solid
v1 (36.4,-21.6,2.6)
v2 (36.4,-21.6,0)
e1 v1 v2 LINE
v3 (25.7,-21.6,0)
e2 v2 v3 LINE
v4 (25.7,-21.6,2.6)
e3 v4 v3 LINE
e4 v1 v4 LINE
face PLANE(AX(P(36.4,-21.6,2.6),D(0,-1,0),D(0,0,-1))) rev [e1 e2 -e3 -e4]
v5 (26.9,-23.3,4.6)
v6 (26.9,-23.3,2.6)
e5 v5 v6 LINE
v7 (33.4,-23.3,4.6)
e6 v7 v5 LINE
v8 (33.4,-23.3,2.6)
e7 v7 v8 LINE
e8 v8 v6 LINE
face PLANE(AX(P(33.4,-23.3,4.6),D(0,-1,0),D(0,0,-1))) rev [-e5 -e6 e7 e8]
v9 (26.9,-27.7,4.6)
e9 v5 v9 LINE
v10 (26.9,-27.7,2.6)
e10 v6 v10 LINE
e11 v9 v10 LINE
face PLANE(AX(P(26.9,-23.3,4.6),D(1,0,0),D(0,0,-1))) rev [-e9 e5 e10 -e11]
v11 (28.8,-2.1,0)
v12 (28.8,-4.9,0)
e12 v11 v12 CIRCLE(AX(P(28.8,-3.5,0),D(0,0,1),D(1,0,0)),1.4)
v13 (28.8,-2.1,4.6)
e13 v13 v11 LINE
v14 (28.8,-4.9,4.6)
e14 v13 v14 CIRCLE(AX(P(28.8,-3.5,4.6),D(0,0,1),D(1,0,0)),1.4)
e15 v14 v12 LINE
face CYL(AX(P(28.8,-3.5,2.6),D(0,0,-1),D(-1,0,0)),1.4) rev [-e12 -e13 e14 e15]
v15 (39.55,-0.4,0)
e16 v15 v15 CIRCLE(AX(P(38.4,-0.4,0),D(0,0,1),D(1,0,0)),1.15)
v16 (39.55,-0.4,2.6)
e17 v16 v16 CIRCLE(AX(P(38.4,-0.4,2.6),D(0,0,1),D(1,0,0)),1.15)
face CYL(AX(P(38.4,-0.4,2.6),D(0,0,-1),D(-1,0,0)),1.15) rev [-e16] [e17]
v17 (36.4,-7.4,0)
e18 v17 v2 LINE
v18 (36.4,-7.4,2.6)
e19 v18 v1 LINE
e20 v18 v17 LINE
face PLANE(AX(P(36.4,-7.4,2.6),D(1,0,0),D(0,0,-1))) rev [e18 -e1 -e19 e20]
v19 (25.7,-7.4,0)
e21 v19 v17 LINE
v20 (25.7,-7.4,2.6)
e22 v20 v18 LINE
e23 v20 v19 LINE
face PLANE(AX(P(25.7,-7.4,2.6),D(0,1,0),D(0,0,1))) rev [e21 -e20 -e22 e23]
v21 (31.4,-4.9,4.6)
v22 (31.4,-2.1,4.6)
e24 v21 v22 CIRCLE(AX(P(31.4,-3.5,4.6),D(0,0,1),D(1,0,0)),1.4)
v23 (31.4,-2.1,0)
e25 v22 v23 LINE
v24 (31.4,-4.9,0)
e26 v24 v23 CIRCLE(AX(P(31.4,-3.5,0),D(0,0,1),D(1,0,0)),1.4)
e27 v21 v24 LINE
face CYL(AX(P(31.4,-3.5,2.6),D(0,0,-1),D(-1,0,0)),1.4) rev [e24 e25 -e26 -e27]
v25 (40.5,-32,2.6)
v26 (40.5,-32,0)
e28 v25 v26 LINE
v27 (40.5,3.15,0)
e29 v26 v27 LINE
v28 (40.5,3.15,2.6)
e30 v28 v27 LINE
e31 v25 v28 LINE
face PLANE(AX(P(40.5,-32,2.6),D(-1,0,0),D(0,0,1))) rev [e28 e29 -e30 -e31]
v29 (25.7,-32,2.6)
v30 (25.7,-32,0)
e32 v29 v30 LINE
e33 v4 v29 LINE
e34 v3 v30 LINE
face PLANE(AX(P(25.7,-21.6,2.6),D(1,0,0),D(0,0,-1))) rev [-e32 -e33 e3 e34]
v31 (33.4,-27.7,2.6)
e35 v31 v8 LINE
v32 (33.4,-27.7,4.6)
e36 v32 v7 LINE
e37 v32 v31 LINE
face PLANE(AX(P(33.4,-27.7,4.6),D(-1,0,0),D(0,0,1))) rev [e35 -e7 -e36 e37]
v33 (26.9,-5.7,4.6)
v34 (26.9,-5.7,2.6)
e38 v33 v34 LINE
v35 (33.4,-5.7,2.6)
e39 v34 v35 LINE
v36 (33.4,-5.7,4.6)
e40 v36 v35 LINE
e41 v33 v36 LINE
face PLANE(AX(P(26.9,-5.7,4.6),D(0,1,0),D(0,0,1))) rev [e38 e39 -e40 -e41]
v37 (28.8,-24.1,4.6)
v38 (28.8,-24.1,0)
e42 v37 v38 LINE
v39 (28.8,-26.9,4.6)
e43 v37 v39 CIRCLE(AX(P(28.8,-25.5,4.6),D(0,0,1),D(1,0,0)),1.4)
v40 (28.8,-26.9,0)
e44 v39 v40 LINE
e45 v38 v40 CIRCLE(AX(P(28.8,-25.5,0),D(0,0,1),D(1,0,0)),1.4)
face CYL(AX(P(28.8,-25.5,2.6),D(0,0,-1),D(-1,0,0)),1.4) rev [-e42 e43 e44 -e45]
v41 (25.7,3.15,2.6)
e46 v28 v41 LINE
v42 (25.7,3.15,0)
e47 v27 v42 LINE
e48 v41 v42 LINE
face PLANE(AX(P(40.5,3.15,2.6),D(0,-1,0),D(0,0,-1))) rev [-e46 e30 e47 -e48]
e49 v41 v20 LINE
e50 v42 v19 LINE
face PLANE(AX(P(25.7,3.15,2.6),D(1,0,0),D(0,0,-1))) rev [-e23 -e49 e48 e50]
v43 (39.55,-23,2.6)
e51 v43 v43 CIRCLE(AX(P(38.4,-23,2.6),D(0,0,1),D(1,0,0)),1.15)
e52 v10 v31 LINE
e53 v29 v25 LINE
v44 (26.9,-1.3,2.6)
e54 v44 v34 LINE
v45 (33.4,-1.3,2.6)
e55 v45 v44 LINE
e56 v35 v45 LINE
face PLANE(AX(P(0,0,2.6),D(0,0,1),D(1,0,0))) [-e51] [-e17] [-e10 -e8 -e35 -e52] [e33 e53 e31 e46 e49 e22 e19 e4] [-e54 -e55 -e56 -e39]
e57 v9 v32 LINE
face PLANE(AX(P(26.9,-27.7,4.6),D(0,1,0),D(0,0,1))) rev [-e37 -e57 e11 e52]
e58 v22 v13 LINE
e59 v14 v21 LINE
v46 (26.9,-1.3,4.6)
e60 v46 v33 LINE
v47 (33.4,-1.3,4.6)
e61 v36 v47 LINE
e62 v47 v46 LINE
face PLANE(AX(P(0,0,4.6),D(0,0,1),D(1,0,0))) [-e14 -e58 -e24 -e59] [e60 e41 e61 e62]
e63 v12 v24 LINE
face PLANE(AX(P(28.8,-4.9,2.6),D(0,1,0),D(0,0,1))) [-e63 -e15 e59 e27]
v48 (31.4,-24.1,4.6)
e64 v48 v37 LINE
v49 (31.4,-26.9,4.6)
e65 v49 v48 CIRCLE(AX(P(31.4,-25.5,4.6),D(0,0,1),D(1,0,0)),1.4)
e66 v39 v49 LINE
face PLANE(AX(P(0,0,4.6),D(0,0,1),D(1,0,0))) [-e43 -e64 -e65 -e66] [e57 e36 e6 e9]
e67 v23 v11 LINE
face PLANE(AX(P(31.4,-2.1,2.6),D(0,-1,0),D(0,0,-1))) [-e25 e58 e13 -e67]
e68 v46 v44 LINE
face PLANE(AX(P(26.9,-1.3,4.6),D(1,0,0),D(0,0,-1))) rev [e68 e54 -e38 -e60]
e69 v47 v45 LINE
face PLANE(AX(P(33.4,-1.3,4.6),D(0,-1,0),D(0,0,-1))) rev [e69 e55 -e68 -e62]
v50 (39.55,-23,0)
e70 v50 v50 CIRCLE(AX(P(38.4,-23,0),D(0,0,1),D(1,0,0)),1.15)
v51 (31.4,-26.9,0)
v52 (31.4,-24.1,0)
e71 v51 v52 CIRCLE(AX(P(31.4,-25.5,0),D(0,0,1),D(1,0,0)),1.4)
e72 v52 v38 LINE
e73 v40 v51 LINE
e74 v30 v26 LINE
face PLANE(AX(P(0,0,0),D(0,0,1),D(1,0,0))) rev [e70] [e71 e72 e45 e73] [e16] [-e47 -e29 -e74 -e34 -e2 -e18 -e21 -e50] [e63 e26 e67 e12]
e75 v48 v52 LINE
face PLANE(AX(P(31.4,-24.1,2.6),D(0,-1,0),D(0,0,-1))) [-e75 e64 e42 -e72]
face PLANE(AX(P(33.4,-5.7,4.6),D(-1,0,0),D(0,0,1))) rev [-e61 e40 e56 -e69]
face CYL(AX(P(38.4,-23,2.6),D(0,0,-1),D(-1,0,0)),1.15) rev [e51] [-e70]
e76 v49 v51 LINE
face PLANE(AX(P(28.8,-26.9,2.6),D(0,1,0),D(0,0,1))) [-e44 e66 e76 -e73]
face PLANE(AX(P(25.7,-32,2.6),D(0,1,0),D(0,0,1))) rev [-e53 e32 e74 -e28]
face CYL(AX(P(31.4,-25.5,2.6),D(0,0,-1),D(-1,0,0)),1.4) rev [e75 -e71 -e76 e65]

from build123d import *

# Parameters (mm, degrees)
PROFILE_R         = 1.15
EXTRUDE_248_DEPTH = 2.6
EXTRUDE_START     = 2.6
PROFILE_2_W       = 6.5
PROFILE_2_H       = 4.4
EXTRUDE_349_DEPTH = 2


with BuildPart() as part:
    # profile → Extrude 248 (new body)
    with BuildSketch(Plane.XY):
        Polygon((25.7, -32), (40.5, -32), (40.5, 3.15), (25.7, 3.15), (25.7, -7.4), (36.4, -7.4), (36.4, -21.6), (25.7, -21.6), align=None)
        with Locations((38.4, -23)):
            Circle(PROFILE_R, mode=Mode.SUBTRACT)
        with Locations((38.4, -0.4)):
            Circle(PROFILE_R, mode=Mode.SUBTRACT)
        with BuildLine():
            Line((28.8, -26.9), (31.4, -26.9))
            ThreePointArc((31.4, -26.9), (32.8, -25.5), (31.4, -24.1))
            Line((31.4, -24.1), (28.8, -24.1))
            ThreePointArc((28.8, -24.1), (27.4, -25.5), (28.8, -26.9))
        make_face(mode=Mode.SUBTRACT)
        with BuildLine():
            Line((28.8, -4.9), (31.4, -4.9))
            ThreePointArc((31.4, -4.9), (32.8, -3.5), (31.4, -2.1))
            Line((31.4, -2.1), (28.8, -2.1))
            ThreePointArc((28.8, -2.1), (27.4, -3.5), (28.8, -4.9))
        make_face(mode=Mode.SUBTRACT)
    extrude(amount=EXTRUDE_248_DEPTH)

    # profile 2 → Extrude 349 (add)
    # profile 1 of 2: a face of its own
    with BuildSketch(Plane.XY.offset(EXTRUDE_START)):
        with Locations((30.15, -25.5)):
            Rectangle(PROFILE_2_W, PROFILE_2_H)
        with BuildLine():
            Line((28.8, -26.9), (31.4, -26.9))
            ThreePointArc((31.4, -26.9), (32.8, -25.5), (31.4, -24.1))
            Line((31.4, -24.1), (28.8, -24.1))
            ThreePointArc((28.8, -24.1), (27.4, -25.5), (28.8, -26.9))
        make_face(mode=Mode.SUBTRACT)
    # profile 2 of 2: a face of its own
    with BuildSketch(Plane.XY.offset(EXTRUDE_START)):
        with Locations((30.15, -3.5)):
            Rectangle(PROFILE_2_W, PROFILE_2_H)
        with BuildLine():
            Line((28.8, -4.9), (31.4, -4.9))
            ThreePointArc((31.4, -4.9), (32.8, -3.5), (31.4, -2.1))
            Line((31.4, -2.1), (28.8, -2.1))
            ThreePointArc((28.8, -2.1), (27.4, -3.5), (28.8, -4.9))
        make_face(mode=Mode.SUBTRACT)
    extrude(amount=EXTRUDE_349_DEPTH)


solid = part.part
